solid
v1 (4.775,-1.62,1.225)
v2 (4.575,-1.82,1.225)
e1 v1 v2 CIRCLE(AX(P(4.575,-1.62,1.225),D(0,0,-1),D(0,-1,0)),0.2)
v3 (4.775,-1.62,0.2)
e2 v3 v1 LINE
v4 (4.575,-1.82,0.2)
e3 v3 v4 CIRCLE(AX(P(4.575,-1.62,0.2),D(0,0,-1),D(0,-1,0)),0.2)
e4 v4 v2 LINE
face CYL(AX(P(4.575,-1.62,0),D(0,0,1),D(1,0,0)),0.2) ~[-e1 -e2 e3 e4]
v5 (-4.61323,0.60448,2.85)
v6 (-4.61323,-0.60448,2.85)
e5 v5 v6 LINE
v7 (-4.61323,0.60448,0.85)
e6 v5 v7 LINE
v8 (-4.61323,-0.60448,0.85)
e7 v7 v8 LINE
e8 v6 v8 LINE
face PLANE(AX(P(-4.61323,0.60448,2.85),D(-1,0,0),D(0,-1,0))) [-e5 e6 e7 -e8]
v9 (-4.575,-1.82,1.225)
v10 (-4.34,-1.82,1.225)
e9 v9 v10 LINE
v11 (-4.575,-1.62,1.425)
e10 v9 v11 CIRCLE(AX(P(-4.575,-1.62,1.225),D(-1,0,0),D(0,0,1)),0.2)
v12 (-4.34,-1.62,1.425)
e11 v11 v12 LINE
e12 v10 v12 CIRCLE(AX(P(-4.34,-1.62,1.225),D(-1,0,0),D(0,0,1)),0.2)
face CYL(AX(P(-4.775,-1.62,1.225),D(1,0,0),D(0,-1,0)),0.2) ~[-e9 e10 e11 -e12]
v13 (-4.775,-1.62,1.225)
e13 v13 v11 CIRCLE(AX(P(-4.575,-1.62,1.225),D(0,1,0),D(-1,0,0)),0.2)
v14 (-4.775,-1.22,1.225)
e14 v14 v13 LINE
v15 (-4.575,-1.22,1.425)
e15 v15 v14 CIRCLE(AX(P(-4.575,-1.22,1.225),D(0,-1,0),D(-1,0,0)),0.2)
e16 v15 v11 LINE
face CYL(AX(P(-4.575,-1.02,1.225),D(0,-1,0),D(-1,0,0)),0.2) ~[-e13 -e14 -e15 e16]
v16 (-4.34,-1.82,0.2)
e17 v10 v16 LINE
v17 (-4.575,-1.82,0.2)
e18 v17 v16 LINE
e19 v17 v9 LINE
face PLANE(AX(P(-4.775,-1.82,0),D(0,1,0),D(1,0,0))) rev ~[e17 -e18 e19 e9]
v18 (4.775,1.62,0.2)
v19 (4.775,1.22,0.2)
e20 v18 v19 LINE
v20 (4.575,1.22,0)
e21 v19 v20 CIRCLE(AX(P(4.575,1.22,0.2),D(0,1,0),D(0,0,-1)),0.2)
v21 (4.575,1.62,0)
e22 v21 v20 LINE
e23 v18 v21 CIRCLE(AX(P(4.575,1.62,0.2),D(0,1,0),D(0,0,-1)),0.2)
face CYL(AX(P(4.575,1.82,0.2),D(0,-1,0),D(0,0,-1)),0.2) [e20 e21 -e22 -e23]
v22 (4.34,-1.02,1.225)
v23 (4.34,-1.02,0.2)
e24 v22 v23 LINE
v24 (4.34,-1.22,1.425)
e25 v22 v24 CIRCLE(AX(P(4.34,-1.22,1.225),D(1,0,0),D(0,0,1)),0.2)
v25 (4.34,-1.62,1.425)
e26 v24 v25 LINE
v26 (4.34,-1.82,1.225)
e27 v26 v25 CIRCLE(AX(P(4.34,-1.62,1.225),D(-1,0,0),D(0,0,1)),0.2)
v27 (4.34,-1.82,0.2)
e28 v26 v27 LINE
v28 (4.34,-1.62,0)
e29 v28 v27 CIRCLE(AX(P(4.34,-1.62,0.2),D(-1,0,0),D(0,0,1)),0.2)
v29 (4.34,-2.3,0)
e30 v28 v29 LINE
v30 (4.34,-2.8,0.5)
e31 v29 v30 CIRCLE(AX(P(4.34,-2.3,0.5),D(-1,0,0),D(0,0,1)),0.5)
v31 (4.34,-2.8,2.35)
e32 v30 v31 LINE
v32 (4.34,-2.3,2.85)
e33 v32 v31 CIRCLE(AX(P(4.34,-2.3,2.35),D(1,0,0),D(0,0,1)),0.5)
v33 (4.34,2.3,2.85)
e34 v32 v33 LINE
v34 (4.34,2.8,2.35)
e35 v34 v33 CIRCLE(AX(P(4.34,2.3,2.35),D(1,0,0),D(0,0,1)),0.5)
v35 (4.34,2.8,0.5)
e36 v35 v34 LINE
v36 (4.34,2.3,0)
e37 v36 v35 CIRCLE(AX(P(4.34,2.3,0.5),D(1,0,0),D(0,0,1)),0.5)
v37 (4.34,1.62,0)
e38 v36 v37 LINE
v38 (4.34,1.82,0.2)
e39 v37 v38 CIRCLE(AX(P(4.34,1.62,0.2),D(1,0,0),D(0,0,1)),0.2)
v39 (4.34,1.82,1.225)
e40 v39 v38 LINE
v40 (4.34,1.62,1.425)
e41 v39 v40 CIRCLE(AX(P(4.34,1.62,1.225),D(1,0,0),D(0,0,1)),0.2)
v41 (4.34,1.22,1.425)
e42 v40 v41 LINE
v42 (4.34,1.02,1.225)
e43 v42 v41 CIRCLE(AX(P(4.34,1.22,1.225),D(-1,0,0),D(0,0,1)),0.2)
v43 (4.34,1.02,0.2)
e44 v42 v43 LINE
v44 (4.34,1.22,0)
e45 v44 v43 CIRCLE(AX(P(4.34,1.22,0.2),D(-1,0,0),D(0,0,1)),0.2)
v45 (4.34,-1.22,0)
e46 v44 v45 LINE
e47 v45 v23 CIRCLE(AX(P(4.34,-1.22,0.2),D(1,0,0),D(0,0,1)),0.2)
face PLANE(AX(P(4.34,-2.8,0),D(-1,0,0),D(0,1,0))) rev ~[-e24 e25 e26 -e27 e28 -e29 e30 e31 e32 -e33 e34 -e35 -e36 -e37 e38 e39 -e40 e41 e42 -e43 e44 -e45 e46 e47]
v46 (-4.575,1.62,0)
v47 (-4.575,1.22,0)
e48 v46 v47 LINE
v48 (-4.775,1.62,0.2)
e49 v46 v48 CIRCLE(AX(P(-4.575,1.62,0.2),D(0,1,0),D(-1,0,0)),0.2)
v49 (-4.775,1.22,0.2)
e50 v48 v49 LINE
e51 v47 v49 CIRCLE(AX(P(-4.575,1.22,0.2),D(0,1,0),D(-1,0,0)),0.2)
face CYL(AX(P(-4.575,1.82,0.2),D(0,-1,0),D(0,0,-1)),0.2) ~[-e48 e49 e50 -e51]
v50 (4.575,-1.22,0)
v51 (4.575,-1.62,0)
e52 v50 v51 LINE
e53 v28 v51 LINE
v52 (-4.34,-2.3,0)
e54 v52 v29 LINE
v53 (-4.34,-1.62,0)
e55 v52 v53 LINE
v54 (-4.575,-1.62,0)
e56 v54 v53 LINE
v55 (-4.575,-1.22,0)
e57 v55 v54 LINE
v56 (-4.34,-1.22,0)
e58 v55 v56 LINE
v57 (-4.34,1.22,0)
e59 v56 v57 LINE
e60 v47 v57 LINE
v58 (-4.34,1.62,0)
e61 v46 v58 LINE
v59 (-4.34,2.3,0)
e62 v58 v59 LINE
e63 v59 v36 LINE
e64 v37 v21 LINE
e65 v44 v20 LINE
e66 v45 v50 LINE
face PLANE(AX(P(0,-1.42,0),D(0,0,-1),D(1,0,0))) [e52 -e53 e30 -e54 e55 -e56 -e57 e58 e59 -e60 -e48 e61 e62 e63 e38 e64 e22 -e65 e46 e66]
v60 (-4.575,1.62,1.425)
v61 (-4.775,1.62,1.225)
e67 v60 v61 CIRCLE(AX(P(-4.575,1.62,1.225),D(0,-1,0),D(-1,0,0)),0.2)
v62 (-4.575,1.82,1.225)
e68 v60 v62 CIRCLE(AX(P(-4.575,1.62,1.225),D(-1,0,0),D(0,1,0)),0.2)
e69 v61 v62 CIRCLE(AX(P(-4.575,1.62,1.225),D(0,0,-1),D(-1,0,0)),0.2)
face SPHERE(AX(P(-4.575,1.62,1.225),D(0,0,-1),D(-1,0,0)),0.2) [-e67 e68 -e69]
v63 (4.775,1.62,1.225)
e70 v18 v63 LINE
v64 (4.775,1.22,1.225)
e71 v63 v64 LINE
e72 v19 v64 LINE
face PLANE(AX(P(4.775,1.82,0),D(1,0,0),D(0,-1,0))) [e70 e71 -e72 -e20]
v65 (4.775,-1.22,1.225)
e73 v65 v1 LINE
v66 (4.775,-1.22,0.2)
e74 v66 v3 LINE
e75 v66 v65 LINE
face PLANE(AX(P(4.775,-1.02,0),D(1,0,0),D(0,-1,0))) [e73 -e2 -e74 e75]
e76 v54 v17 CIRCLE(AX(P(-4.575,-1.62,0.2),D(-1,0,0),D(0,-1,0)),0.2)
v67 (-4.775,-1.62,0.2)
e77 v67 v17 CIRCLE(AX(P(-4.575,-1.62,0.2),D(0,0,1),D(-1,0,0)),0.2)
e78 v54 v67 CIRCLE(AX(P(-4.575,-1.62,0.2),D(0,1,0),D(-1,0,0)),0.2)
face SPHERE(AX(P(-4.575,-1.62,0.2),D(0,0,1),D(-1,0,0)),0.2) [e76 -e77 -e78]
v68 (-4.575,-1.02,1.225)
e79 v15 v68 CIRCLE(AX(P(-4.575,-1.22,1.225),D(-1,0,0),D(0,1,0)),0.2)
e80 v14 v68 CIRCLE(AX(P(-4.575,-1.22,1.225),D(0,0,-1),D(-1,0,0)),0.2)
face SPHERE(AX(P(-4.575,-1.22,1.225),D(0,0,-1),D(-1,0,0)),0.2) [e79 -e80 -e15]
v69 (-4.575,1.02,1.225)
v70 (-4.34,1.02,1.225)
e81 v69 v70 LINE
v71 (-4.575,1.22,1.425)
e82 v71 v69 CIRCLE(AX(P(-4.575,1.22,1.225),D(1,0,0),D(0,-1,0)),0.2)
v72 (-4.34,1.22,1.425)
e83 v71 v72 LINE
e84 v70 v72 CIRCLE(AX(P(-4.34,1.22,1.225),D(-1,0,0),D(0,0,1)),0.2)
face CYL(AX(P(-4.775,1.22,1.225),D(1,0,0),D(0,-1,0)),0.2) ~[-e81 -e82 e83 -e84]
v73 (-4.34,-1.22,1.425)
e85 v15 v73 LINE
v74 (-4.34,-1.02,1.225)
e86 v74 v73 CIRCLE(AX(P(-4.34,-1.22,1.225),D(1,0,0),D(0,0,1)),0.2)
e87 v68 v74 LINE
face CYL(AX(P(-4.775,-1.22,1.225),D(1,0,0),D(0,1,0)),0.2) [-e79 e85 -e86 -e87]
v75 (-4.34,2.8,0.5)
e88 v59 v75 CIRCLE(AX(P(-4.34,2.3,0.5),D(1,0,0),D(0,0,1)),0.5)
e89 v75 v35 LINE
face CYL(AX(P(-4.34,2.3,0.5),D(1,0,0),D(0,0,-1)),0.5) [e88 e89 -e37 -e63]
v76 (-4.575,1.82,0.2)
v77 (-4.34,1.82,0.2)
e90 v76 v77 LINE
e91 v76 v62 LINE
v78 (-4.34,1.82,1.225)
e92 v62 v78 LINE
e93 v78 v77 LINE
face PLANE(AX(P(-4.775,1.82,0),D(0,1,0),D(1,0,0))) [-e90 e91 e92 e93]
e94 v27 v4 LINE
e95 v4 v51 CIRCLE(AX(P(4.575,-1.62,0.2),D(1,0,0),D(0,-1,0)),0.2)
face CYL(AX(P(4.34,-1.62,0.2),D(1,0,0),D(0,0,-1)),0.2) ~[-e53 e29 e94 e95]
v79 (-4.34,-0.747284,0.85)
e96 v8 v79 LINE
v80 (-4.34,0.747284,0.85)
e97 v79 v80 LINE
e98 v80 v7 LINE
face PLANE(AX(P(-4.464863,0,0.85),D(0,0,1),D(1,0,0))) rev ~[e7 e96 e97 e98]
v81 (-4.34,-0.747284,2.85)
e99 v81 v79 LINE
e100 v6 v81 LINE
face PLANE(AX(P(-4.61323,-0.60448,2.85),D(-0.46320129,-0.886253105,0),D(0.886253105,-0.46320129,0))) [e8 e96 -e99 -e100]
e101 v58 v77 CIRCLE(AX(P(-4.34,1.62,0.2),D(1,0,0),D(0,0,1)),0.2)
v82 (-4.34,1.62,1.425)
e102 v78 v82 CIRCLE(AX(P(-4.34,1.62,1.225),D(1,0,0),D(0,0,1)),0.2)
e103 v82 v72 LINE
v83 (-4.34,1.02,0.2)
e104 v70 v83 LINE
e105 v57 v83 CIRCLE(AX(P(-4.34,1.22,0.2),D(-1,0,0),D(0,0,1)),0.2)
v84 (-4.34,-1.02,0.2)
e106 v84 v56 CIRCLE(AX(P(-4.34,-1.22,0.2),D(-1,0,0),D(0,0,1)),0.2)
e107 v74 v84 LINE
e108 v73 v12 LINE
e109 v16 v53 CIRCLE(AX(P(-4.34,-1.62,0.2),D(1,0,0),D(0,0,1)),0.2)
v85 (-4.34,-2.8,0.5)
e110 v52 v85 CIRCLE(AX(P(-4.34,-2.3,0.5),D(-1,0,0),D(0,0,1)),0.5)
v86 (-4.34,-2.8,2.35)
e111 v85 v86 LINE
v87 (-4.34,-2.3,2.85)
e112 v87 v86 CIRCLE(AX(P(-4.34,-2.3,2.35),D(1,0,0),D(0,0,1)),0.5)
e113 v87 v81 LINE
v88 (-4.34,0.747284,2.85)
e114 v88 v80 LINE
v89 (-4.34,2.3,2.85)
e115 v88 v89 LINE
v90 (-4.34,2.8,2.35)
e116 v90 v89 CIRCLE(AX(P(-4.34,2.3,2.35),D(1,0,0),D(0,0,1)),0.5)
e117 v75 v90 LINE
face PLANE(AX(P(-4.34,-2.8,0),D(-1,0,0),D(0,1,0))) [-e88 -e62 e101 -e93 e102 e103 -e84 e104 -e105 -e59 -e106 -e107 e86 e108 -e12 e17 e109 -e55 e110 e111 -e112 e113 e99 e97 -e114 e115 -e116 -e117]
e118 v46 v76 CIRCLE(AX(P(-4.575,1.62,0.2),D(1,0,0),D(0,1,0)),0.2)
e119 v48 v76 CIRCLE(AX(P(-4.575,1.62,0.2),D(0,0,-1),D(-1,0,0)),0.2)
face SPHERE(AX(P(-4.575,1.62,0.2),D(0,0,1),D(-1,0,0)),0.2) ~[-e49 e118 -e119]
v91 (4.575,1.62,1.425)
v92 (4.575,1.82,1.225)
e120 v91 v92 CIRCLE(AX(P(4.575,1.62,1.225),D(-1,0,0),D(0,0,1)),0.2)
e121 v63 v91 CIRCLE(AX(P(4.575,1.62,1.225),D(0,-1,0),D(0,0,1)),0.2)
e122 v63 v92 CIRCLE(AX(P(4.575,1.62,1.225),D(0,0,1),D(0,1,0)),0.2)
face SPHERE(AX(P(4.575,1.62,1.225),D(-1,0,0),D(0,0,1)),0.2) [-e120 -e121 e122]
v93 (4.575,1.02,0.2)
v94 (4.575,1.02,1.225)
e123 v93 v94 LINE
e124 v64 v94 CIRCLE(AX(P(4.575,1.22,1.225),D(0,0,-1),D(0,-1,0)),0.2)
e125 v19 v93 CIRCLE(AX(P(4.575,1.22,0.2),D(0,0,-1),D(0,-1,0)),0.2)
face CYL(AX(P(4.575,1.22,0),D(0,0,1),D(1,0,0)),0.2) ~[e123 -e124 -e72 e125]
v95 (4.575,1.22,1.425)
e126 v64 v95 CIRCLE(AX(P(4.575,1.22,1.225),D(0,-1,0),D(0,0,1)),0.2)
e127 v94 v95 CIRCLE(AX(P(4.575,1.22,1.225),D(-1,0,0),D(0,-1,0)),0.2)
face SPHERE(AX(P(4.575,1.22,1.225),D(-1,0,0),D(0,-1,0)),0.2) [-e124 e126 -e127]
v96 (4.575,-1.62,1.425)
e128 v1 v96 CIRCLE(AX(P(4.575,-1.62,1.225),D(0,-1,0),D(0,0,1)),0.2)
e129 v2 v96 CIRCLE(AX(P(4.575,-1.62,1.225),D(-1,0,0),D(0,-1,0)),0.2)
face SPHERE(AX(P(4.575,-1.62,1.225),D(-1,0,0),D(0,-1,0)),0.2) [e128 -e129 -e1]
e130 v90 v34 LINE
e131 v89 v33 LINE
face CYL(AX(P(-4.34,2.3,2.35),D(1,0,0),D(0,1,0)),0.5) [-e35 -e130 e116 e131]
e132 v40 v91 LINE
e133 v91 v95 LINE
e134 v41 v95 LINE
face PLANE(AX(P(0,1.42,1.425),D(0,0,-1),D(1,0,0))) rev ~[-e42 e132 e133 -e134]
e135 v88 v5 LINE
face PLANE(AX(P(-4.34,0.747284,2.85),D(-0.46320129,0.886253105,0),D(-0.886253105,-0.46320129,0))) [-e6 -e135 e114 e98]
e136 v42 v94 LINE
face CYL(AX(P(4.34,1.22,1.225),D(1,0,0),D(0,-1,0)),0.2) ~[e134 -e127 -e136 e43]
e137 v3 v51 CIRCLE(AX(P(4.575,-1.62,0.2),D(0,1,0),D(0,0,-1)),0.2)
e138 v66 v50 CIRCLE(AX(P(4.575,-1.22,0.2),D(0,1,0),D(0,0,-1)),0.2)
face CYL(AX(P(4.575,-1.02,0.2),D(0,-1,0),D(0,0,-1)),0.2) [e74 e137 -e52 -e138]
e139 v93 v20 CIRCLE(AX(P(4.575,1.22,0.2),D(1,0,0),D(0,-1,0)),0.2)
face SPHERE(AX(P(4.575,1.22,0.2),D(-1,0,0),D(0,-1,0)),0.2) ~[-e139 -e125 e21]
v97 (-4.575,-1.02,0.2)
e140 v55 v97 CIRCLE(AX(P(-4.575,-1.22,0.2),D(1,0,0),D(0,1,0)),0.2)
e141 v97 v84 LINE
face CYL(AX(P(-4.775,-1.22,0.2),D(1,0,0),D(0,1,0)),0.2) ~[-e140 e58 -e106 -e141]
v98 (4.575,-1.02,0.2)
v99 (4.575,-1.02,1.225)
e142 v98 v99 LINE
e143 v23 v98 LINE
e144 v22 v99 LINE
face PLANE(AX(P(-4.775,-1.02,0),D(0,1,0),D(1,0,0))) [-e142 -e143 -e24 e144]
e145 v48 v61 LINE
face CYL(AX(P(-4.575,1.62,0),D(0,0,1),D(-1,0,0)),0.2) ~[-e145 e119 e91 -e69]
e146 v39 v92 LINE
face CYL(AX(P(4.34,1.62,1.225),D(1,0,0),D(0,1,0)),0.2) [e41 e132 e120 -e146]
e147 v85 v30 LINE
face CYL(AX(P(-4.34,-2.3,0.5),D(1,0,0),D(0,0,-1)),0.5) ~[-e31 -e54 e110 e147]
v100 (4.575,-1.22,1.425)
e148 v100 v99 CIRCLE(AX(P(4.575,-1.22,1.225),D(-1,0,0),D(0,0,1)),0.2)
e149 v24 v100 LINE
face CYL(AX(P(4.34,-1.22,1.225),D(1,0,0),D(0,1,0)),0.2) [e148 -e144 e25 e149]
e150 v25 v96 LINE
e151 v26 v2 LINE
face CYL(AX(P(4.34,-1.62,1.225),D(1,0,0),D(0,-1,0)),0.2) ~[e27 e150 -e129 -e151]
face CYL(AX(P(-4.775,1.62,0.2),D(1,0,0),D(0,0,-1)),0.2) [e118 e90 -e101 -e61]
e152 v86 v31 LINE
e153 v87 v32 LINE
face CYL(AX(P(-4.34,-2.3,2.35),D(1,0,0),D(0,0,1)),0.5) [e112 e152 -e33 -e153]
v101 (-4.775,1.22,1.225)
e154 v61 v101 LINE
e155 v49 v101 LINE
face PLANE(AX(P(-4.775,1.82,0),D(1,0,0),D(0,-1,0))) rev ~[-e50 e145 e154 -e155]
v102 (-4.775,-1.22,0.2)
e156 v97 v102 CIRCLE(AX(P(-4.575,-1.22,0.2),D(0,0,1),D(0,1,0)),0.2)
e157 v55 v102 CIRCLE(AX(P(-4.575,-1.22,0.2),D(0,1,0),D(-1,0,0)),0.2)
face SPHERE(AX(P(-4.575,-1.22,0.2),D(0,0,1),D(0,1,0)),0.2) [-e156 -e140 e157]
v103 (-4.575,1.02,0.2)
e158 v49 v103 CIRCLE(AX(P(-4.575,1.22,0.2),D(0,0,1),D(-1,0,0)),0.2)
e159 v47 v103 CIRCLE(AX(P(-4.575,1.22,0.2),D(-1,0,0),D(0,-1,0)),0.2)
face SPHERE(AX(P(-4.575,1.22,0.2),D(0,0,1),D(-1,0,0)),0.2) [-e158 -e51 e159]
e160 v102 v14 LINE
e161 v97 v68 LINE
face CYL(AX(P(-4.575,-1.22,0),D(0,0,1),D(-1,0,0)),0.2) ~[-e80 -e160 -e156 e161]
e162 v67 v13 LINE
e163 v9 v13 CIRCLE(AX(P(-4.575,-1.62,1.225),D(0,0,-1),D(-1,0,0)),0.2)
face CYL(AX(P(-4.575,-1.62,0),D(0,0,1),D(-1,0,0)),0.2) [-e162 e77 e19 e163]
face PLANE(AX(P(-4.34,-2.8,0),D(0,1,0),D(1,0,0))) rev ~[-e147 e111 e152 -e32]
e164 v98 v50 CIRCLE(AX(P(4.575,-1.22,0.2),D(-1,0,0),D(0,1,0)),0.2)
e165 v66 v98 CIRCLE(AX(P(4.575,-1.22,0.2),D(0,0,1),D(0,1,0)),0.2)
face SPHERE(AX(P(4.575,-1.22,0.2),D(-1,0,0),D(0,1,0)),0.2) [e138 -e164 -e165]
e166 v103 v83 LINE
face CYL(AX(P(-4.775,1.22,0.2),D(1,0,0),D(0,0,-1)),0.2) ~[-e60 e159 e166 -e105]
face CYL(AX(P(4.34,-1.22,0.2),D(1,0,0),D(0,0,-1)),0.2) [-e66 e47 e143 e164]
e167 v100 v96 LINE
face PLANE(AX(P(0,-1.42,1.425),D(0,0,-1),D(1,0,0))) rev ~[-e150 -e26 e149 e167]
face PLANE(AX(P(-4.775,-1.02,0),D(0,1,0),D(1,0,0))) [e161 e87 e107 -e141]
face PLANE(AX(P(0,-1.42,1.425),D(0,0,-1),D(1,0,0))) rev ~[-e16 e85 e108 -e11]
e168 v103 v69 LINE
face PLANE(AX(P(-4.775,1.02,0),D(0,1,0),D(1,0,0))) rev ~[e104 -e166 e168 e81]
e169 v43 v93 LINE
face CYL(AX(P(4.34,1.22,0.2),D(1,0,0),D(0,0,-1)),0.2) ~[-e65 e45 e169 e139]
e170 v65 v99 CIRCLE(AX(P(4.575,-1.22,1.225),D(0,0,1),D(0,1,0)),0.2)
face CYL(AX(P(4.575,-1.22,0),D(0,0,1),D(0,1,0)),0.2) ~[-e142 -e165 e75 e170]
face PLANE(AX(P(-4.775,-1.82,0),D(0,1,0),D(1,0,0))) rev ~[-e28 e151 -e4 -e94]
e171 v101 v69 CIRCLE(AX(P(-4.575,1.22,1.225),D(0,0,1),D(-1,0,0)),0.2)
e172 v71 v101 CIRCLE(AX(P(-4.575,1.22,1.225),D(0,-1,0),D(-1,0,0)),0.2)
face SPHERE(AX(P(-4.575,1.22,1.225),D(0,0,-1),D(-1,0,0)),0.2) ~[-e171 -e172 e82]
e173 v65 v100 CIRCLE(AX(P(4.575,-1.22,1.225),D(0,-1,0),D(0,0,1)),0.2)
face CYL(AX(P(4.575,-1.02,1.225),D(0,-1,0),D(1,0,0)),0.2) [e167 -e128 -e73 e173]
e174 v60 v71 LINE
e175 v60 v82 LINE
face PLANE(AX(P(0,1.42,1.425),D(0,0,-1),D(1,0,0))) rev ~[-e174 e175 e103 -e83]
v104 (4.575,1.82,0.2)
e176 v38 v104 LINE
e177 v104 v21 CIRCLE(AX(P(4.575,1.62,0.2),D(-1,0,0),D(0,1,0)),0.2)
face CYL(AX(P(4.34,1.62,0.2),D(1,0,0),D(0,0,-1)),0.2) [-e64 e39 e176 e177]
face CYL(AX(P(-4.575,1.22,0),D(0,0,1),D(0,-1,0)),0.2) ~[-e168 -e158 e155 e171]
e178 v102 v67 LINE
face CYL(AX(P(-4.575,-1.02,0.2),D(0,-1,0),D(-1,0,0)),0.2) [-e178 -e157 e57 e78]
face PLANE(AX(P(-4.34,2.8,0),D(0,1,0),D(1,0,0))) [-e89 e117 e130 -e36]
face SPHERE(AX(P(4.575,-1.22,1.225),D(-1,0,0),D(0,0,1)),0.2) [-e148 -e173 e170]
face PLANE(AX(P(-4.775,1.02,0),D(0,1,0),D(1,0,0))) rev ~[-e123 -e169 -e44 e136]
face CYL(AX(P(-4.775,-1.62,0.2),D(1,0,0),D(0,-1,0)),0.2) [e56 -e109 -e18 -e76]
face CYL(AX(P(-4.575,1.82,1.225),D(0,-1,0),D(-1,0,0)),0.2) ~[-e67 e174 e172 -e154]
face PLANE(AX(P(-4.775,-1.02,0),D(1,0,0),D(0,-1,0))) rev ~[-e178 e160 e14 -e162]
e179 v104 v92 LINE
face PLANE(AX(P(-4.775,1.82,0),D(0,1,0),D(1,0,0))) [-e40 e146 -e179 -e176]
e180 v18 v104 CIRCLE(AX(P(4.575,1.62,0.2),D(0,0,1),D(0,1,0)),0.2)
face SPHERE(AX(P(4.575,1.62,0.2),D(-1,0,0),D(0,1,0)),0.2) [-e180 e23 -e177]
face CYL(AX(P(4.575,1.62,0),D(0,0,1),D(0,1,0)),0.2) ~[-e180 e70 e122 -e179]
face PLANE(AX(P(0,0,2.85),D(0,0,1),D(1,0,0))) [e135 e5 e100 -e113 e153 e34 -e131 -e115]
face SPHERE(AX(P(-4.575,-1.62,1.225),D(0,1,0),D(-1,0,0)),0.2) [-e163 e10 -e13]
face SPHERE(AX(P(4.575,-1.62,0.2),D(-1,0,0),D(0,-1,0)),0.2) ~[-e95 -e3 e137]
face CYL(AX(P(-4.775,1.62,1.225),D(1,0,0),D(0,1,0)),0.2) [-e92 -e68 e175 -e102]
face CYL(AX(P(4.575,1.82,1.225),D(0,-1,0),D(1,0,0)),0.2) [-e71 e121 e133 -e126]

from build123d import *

# Parameters (mm, degrees)
F0_W     = 8.68
F0_H     = 5.6
F1_DEPTH = 2.85
F2_W     = 9.55
F2_H     = 0.8
F3_DEPTH = 1.425
F5_DEPTH = 2
F6_R     = 0.2
F7_R     = 0.5


with BuildPart() as f1:
    # F0 (on Top) → F1 (new body)
    with BuildSketch(Plane.XY):
        Rectangle(F0_W, F0_H)
    extrude(amount=F1_DEPTH)

    # F2 (on face) → F3 (join)
    with BuildSketch(Plane(origin=(0, 0, 0), x_dir=(1, 0, 0), z_dir=(0, 0, -1))):
        with Locations((0, 1.42)):
            Rectangle(F2_W, F2_H)
        with Locations((0, -1.42)):
            Rectangle(F2_W, F2_H)
    extrude(amount=-F3_DEPTH)

    # F4 (on face) → F5 (join)
    with BuildSketch(Plane.XY.offset(2.85)):
        Polygon((-4.34, -0.747284), (-4.34, 0), (-4.34, 0.747284), (-4.61323, 0.60448), (-4.61323, 0), (-4.61323, -0.60448), align=None)
    extrude(amount=-F5_DEPTH)

    # F6
    f6_edges = [f1.edges().sort_by_distance(p)[0] for p in [
        (-4.775, 1.82, 0.7125),
        (-4.775, 1.02, 0.7125),
        (-4.775, 1.42, 1.425),
        (-4.5575, 1.82, 1.425),
        (4.5575, 1.82, 1.425),
        (-4.5575, 1.02, 1.425),
        (4.5575, 1.02, 1.425),
        (-4.775, -1.02, 0.7125),
        (-4.775, -1.42, 1.425),
        (-4.775, -1.82, 0.7125),
        (-4.5575, -1.82, 1.425),
        (4.5575, -1.82, 1.425),
        (-4.5575, -1.02, 1.425),
        (4.5575, -1.02, 1.425),
        (-4.775, 1.42, 0),
        (4.5575, 1.02, 0),
        (-4.5575, 1.02, 0),
        (4.5575, 1.82, 0),
        (-4.5575, 1.82, 0),
        (4.5575, -1.02, 0),
        (-4.5575, -1.02, 0),
        (-4.775, -1.42, 0),
        (4.5575, -1.82, 0),
        (-4.5575, -1.82, 0),
        (4.775, -1.82, 0.7125),
        (4.775, -1.42, 1.425),
        (4.775, -1.02, 0.7125),
        (4.775, 1.02, 0.7125),
        (4.775, 1.42, 1.425),
        (4.775, 1.82, 0.7125),
        (4.775, -1.42, 0),
        (4.775, 1.42, 0),
    ]]
    fillet(f6_edges, radius=F6_R)

    # F7
    f7_edges = [f1.edges().sort_by_distance(p)[0] for p in [
        (0, -2.8, 2.85),
        (0, 2.8, 2.85),
        (0, 2.8, 0),
        (0, -2.8, 0),
    ]]
    fillet(f7_edges, radius=F7_R)


solid = f1.part
